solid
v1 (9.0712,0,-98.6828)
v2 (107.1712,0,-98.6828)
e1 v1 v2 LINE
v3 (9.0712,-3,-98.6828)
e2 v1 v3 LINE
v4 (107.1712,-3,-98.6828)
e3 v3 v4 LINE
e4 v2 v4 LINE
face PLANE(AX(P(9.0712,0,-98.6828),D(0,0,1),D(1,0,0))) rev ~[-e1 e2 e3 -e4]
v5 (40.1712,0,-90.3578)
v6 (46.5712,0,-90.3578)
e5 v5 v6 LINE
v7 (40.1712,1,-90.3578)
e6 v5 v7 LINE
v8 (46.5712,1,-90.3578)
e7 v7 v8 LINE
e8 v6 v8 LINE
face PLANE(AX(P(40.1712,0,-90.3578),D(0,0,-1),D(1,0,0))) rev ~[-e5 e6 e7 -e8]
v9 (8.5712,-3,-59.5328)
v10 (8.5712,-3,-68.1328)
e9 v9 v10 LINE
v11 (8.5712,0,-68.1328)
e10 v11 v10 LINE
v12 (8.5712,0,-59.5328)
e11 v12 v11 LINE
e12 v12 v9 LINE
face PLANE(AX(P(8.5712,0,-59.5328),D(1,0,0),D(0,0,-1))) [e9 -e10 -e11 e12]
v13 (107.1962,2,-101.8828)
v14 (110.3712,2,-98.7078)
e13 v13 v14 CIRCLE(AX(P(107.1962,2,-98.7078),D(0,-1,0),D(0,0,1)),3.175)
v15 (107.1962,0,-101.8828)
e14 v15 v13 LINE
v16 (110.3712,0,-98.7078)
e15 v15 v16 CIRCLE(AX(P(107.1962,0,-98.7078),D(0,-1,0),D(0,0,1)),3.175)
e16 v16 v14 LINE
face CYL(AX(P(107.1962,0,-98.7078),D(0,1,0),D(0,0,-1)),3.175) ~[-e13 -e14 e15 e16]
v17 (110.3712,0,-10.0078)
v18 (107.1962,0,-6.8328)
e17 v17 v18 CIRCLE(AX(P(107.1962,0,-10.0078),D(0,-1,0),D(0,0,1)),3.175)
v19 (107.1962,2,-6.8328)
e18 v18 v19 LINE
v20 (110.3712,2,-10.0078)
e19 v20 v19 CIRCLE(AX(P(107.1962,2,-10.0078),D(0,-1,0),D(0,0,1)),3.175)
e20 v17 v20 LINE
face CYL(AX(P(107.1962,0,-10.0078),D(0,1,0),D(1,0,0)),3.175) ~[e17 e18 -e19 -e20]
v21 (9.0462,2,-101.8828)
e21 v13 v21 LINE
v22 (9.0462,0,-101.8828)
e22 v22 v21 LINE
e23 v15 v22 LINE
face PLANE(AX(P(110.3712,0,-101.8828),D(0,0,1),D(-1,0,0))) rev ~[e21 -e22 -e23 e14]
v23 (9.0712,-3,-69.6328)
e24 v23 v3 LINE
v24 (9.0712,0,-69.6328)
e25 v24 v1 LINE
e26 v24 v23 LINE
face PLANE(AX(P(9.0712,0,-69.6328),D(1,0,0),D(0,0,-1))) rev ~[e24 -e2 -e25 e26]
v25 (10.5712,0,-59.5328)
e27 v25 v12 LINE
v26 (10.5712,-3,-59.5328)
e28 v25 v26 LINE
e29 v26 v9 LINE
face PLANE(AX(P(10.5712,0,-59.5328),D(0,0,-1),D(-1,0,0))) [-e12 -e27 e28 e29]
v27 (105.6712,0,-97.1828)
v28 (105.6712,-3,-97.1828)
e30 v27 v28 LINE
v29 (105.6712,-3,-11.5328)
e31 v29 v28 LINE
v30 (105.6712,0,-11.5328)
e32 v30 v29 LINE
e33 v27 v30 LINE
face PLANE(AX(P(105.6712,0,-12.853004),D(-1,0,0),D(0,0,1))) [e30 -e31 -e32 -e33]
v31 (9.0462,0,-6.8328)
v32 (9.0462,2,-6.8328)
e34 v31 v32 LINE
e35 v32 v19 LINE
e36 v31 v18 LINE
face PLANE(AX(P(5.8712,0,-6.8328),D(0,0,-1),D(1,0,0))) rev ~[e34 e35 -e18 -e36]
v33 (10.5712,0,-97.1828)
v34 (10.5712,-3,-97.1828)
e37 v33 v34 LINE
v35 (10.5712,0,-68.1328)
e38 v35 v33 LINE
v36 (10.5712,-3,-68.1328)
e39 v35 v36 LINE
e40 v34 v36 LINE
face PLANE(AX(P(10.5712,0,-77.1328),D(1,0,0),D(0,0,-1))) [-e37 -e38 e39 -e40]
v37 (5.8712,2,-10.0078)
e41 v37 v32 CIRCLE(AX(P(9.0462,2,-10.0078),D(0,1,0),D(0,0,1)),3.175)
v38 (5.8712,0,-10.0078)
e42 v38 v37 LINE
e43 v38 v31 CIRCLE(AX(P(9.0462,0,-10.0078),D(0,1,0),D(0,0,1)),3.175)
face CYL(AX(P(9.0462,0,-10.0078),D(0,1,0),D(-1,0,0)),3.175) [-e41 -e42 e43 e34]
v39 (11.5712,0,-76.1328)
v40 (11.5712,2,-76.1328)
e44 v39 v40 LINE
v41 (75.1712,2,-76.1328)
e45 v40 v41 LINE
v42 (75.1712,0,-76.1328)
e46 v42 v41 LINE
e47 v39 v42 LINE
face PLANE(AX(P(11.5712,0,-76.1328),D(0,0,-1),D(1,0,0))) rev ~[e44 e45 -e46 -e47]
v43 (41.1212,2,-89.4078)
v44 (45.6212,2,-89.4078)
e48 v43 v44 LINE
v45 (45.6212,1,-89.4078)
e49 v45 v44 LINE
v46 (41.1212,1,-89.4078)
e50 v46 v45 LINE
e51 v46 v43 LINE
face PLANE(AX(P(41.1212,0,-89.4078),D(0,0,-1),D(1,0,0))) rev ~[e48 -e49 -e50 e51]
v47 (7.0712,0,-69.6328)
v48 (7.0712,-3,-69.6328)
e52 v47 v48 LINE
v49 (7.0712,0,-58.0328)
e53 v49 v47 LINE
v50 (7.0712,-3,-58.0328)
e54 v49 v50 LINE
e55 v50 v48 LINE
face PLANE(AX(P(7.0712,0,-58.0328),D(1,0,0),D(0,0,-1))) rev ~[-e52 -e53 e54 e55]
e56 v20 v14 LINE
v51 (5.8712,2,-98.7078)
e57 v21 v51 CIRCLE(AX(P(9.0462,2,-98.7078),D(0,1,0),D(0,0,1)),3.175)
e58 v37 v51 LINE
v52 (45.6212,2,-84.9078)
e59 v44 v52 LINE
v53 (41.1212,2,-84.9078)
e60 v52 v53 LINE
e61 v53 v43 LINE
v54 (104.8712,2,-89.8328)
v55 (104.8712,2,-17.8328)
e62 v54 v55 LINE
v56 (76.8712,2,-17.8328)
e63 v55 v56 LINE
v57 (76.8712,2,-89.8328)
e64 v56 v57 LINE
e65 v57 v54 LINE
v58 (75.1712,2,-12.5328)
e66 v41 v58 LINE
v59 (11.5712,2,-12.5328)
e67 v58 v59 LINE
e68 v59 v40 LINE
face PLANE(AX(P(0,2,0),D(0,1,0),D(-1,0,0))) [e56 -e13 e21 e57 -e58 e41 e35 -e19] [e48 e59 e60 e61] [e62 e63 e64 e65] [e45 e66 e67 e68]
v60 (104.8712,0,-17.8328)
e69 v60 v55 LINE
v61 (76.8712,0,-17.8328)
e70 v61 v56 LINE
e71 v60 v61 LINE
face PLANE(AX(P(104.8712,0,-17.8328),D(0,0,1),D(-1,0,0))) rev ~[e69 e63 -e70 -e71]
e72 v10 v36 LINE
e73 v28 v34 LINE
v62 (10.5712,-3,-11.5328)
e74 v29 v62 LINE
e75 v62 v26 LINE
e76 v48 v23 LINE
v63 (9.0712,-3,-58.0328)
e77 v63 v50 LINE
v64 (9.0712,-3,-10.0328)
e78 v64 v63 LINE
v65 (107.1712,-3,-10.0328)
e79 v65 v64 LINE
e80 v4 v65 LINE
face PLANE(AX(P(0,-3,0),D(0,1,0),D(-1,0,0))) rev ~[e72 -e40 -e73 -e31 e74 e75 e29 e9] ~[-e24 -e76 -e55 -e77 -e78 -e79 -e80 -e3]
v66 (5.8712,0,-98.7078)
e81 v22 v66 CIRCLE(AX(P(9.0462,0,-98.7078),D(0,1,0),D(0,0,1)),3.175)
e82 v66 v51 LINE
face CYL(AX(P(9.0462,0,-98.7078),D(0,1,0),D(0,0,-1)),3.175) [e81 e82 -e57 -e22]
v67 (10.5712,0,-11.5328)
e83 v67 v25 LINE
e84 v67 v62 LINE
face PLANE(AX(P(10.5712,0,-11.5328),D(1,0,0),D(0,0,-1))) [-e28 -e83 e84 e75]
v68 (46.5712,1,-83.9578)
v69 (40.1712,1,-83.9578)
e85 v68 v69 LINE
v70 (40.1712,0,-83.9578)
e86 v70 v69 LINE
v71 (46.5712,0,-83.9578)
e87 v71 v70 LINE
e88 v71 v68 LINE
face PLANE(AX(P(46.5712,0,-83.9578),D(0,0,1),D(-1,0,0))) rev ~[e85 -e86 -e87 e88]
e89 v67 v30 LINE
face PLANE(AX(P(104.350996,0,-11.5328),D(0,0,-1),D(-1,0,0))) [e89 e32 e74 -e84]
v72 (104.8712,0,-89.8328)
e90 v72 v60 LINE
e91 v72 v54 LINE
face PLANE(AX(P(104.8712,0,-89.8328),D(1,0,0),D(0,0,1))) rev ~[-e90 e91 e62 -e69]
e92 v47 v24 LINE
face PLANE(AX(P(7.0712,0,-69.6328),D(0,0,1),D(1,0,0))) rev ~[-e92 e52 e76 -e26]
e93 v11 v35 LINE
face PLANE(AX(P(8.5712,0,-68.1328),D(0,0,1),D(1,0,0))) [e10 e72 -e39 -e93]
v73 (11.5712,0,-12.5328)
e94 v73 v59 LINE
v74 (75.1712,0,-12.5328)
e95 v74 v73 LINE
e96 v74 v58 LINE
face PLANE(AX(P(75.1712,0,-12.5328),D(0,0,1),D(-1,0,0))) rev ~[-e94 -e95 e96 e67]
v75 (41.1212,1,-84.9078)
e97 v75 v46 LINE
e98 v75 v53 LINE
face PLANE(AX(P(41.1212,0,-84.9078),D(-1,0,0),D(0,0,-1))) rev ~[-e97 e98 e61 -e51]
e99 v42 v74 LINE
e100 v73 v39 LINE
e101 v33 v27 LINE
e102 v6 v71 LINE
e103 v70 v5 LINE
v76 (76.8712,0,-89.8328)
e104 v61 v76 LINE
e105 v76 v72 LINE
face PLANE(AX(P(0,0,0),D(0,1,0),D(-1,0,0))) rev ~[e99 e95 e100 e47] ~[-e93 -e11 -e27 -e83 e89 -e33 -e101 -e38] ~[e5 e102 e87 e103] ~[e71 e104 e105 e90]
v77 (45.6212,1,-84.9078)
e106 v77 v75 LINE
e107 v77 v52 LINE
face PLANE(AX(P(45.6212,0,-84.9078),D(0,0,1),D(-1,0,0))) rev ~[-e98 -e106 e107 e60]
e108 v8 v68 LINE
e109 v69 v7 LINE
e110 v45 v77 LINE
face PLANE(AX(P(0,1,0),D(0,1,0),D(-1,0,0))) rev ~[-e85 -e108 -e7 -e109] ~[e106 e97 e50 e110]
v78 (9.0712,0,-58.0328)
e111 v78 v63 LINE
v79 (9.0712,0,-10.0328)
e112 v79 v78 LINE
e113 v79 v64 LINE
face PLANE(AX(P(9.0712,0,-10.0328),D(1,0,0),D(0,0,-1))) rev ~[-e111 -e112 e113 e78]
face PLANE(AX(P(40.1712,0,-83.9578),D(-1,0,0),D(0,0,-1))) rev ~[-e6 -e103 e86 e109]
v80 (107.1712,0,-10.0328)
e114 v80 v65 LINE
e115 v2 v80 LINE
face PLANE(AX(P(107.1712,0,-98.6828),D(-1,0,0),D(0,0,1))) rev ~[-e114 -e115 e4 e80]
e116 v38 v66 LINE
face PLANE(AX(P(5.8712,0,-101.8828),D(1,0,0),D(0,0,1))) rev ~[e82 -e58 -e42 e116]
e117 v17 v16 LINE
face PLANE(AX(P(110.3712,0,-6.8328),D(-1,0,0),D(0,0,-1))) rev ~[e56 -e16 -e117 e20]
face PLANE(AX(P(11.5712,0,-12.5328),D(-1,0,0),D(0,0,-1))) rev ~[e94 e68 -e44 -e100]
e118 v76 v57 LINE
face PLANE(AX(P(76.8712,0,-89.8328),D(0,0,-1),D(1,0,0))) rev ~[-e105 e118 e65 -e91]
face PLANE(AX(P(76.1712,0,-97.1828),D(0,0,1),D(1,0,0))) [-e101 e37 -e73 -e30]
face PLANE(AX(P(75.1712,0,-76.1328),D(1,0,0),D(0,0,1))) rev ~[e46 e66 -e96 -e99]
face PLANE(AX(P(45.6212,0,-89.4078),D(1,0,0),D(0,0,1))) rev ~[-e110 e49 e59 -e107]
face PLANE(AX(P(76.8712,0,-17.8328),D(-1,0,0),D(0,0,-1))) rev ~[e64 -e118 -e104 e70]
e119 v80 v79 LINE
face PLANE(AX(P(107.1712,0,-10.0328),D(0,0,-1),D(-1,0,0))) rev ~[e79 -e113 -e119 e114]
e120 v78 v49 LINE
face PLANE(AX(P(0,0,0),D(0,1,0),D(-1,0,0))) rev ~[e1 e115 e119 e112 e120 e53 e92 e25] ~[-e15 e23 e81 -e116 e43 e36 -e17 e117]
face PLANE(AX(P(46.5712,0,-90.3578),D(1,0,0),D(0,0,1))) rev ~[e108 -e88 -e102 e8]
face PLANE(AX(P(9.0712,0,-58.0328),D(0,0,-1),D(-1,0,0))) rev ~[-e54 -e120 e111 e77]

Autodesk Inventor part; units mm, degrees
ref_plane "YZ Plane" through (0, 0, 0) normal (1, 0, 0) x (0, 1, 0)
ref_plane "XZ Plane" through (0, 0, 0) normal (0, 1, 0) x (-1, 0, 0)
ref_plane "XY Plane" through (0, 0, 0) normal (0, 0, 1) x (1, 0, 0)
sketch "Sketch1" plane through (0, 0, 0) normal (0, 1, 0) x (-1, 0, 0)
  circle A0 centre (-103.3712, -13.8328) radius 2.5
  circle A1 centre (-103.3712, -93.8328) radius 2.5
  circle A2 centre (-78.3712, -13.8328) radius 2.5
  circle A3 centre (-78.3712, -93.8328) radius 2.5
  line L0 (-8.8712, -9.8328) -> (-107.3712, -9.8328)
  line L1 (-107.3712, -9.8328) -> (-107.3712, -98.8828)
  line L2 (-107.3712, -98.8828) -> (-8.8712, -98.8828)
  line L3 (-8.8712, -98.8828) -> (-8.8712, -69.8328)
  line L4 (-5.8712, -69.8328) -> (-8.8712, -69.8328)
  line L5 (-5.8712, -57.8328) -> (-5.8712, -69.8328)
  line L6 (-5.8712, -57.8328) -> (-8.8712, -57.8328)
  line L7 (-8.8712, -57.8328) -> (-8.8712, -9.8328)
  line L8 (-8.8712, -57.8328) -> (-6.8712, -57.8328)
  line L9 (-6.8712, -57.8328) -> (-6.8712, -69.8328)
  line L10 (-6.8712, -69.8328) -> (-8.8712, -69.8328)
  line L11 (-8.8712, -69.8328) -> (-8.8712, -98.8828)
  line L12 (-8.8712, -98.8828) -> (-107.3712, -98.8828)
  line L13 (-107.3712, -98.8828) -> (-107.3712, -9.8328)
  line L14 (-107.3712, -9.8328) -> (-8.8712, -9.8328)
  line L15 (-8.8712, -9.8328) -> (-8.8712, -57.8328)
  line L16 (-5.8712, -6.8328) -> (-110.3712, -6.8328)
  line L17 (-110.3712, -6.8328) -> (-110.3712, -101.8828)
  line L18 (-110.3712, -101.8828) -> (-5.8712, -101.8828)
  line L19 (-5.8712, -101.8828) -> (-5.8712, -6.8328)
  line L20 (-103.3712, -93.8328) -> (-78.3712, -93.8328) construction
  line L21 (-78.3712, -93.8328) -> (-78.3712, -13.8328) construction
  line L22 (-78.3712, -13.8328) -> (-103.3712, -13.8328) construction
  line L23 (-103.3712, -13.8328) -> (-103.3712, -93.8328) construction
  line L24 (-90.8712, -93.8328) -> (-90.8712, -13.8328) construction
  line L25 (-103.3712, -53.8328) -> (-78.3712, -53.8328) construction
  line L26 (-76.8712, -89.8328) -> (-104.8712, -89.8328)
  line L27 (-104.8712, -89.8328) -> (-104.8712, -17.8328)
  line L28 (-104.8712, -17.8328) -> (-76.8712, -17.8328)
  line L29 (-76.8712, -17.8328) -> (-76.8712, -89.8328)
  line L30 (-76.8712, -89.8328) -> (-104.8712, -17.8328) construction
  line L31 (-104.8712, -89.8328) -> (-76.8712, -17.8328) construction
  line L32 (-9.0712, -58.0328) -> (-7.0712, -58.0328)
  line L33 (-7.0712, -58.0328) -> (-7.0712, -69.6328)
  line L34 (-7.0712, -69.6328) -> (-9.0712, -69.6328)
  line L35 (-9.0712, -69.6328) -> (-9.0712, -98.6828)
  line L36 (-9.0712, -98.6828) -> (-107.1712, -98.6828)
  line L37 (-107.1712, -98.6828) -> (-107.1712, -10.0328)
  line L38 (-107.1712, -10.0328) -> (-9.0712, -10.0328)
  line L39 (-9.0712, -10.0328) -> (-9.0712, -58.0328)
  line L40 (-10.5712, -59.5328) -> (-8.5712, -59.5328)
  line L41 (-8.5712, -59.5328) -> (-8.5712, -68.1328)
  line L42 (-8.5712, -68.1328) -> (-10.5712, -68.1328)
  line L43 (-10.5712, -68.1328) -> (-10.5712, -97.1828)
  line L44 (-10.5712, -97.1828) -> (-105.6712, -97.1828)
  line L45 (-105.6712, -97.1828) -> (-105.6712, -11.5328)
  line L46 (-105.6712, -11.5328) -> (-10.5712, -11.5328)
  line L47 (-10.5712, -11.5328) -> (-10.5712, -59.5328)
  line L48 (-10.5712, -11.5328) -> (-76.1712, -11.5328)
  line L49 (-76.1712, -11.5328) -> (-76.1712, -77.1328)
  line L50 (-76.1712, -77.1328) -> (-10.5712, -77.1328)
  line L51 (-10.5712, -77.1328) -> (-10.5712, -11.5328)
  line L52 (-11.5712, -76.1328) -> (-75.1712, -76.1328)
  line L53 (-75.1712, -76.1328) -> (-75.1712, -12.5328)
  line L54 (-75.1712, -12.5328) -> (-11.5712, -12.5328)
  line L55 (-11.5712, -12.5328) -> (-11.5712, -76.1328)
  line L56 (-76.1712, -77.1328) -> (-10.5712, -77.1328)
  line L57 (-10.5712, -77.1328) -> (-10.5712, -97.1828)
  line L58 (-10.5712, -97.1828) -> (-76.1712, -97.1828)
  line L59 (-76.1712, -97.1828) -> (-76.1712, -77.1328)
  line L60 (-43.3712, -97.1828) -> (-43.3712, -77.1328) construction
  line L61 (-10.5712, -87.1578) -> (-76.1712, -87.1578) construction
  line L62 (-40.1712, -90.3578) -> (-46.5712, -90.3578)
  line L63 (-46.5712, -90.3578) -> (-46.5712, -83.9578)
  line L64 (-46.5712, -83.9578) -> (-40.1712, -83.9578)
  line L65 (-40.1712, -83.9578) -> (-40.1712, -90.3578)
  line L66 (-40.1712, -90.3578) -> (-46.5712, -83.9578) construction
  line L67 (-46.5712, -90.3578) -> (-40.1712, -83.9578) construction
  line L68 (-41.1212, -89.4078) -> (-45.6212, -89.4078)
  line L69 (-45.6212, -89.4078) -> (-45.6212, -84.9078)
  line L70 (-45.6212, -84.9078) -> (-41.1212, -84.9078)
  line L71 (-41.1212, -84.9078) -> (-41.1212, -89.4078)
  line L72 (-41.1212, -89.4078) -> (-45.6212, -84.9078) construction
  line L73 (-45.6212, -89.4078) -> (-41.1212, -84.9078) construction
  point P0 (0, 0)
  point P1 (-90.8712, -53.8328)
  point P2 (-105.6712, -94.8126)
  point P3 (-105.6712, -92.853)
  point P4 (-105.6712, -14.8126)
  point P5 (-105.6712, -12.853)
  point P6 (-104.351, -11.5328)
  point P7 (-102.3914, -11.5328)
  point P8 (-79.351, -11.5328)
  point P9 (-77.3914, -11.5328)
  point P10 (-43.3712, -87.1578)
  dimension "d0" = 28
  dimension "d1" = 72
  dimension "d2" = 0.2
  dimension "d3" = 1.5
  dimension "d10" = 65.6
  dimension "d11" = 65.6
  dimension "d12" = 1
  dimension "d15" = 6.4
  dimension "d16" = 6.4
  dimension "d17" = 4.5
  dimension "d18" = 4.5
extrude "Extrusion1" add sketch "Sketch1" against normal blind 3 contours L46 A0 | A0 L45 | A2 L46 | L45 A1 | L32 L33 L34 L35 L36 L37 L38 L39 picked at (-105.721, -93.6661)
extrude "Extrusion2" add sketch "Sketch1" along normal blind 2 contours A0 L45 L46 | A0 L46 A2 L49 L59 A3 L44 L45 A1 | L46 A0 | A0 L45 | A0 L45 L46 | L46 A2 L49 | A2 L46 | L45 A1 | A1 L45 | L46 L49 A2 | L49 A2 | A2 L49 L46 L47 L51 L43 L50 | L50 L43 L44 L59 A3 | L59 A3 | A3 L59 | L40 L41 L42 L51 | L7 L6 L9 L4 L3 L2 L1 L0 | L0 L1 L2 L3 L4 L19 L18 L17 L16 L6 L7 | L6 L5 L4 L9 | L26 L27 L28 L29 | L32 L33 L34 L35 L36 L37 L38 L39 | L52 L53 L54 L55 | L62 L63 L64 L65 | L68 L69 L70 L71
extrude "Extrusion3" cut sketch "Sketch1" along normal up to surface (2 mm away) contours L26 L27 L28 L29
extrude "Extrusion4" cut sketch "Sketch1" along normal up to surface (2 mm away) contours L52 L53 L54 L55
extrude "Extrusion5" cut sketch "Sketch1" along normal up to surface (2 mm away) contours L68 L69 L70 L71
extrude "Extrusion6" cut sketch "Sketch1" along normal blind 1 contours L62 L63 L64 L65
fillet "Fillet1" radius 3.175 4 edges at (5.8712, 1, -101.8828) (5.8712, 1, -6.8328) (110.3712, 1, -6.8328) (110.3712, 1, -101.8828)
properties part number "EnclosureLid"
